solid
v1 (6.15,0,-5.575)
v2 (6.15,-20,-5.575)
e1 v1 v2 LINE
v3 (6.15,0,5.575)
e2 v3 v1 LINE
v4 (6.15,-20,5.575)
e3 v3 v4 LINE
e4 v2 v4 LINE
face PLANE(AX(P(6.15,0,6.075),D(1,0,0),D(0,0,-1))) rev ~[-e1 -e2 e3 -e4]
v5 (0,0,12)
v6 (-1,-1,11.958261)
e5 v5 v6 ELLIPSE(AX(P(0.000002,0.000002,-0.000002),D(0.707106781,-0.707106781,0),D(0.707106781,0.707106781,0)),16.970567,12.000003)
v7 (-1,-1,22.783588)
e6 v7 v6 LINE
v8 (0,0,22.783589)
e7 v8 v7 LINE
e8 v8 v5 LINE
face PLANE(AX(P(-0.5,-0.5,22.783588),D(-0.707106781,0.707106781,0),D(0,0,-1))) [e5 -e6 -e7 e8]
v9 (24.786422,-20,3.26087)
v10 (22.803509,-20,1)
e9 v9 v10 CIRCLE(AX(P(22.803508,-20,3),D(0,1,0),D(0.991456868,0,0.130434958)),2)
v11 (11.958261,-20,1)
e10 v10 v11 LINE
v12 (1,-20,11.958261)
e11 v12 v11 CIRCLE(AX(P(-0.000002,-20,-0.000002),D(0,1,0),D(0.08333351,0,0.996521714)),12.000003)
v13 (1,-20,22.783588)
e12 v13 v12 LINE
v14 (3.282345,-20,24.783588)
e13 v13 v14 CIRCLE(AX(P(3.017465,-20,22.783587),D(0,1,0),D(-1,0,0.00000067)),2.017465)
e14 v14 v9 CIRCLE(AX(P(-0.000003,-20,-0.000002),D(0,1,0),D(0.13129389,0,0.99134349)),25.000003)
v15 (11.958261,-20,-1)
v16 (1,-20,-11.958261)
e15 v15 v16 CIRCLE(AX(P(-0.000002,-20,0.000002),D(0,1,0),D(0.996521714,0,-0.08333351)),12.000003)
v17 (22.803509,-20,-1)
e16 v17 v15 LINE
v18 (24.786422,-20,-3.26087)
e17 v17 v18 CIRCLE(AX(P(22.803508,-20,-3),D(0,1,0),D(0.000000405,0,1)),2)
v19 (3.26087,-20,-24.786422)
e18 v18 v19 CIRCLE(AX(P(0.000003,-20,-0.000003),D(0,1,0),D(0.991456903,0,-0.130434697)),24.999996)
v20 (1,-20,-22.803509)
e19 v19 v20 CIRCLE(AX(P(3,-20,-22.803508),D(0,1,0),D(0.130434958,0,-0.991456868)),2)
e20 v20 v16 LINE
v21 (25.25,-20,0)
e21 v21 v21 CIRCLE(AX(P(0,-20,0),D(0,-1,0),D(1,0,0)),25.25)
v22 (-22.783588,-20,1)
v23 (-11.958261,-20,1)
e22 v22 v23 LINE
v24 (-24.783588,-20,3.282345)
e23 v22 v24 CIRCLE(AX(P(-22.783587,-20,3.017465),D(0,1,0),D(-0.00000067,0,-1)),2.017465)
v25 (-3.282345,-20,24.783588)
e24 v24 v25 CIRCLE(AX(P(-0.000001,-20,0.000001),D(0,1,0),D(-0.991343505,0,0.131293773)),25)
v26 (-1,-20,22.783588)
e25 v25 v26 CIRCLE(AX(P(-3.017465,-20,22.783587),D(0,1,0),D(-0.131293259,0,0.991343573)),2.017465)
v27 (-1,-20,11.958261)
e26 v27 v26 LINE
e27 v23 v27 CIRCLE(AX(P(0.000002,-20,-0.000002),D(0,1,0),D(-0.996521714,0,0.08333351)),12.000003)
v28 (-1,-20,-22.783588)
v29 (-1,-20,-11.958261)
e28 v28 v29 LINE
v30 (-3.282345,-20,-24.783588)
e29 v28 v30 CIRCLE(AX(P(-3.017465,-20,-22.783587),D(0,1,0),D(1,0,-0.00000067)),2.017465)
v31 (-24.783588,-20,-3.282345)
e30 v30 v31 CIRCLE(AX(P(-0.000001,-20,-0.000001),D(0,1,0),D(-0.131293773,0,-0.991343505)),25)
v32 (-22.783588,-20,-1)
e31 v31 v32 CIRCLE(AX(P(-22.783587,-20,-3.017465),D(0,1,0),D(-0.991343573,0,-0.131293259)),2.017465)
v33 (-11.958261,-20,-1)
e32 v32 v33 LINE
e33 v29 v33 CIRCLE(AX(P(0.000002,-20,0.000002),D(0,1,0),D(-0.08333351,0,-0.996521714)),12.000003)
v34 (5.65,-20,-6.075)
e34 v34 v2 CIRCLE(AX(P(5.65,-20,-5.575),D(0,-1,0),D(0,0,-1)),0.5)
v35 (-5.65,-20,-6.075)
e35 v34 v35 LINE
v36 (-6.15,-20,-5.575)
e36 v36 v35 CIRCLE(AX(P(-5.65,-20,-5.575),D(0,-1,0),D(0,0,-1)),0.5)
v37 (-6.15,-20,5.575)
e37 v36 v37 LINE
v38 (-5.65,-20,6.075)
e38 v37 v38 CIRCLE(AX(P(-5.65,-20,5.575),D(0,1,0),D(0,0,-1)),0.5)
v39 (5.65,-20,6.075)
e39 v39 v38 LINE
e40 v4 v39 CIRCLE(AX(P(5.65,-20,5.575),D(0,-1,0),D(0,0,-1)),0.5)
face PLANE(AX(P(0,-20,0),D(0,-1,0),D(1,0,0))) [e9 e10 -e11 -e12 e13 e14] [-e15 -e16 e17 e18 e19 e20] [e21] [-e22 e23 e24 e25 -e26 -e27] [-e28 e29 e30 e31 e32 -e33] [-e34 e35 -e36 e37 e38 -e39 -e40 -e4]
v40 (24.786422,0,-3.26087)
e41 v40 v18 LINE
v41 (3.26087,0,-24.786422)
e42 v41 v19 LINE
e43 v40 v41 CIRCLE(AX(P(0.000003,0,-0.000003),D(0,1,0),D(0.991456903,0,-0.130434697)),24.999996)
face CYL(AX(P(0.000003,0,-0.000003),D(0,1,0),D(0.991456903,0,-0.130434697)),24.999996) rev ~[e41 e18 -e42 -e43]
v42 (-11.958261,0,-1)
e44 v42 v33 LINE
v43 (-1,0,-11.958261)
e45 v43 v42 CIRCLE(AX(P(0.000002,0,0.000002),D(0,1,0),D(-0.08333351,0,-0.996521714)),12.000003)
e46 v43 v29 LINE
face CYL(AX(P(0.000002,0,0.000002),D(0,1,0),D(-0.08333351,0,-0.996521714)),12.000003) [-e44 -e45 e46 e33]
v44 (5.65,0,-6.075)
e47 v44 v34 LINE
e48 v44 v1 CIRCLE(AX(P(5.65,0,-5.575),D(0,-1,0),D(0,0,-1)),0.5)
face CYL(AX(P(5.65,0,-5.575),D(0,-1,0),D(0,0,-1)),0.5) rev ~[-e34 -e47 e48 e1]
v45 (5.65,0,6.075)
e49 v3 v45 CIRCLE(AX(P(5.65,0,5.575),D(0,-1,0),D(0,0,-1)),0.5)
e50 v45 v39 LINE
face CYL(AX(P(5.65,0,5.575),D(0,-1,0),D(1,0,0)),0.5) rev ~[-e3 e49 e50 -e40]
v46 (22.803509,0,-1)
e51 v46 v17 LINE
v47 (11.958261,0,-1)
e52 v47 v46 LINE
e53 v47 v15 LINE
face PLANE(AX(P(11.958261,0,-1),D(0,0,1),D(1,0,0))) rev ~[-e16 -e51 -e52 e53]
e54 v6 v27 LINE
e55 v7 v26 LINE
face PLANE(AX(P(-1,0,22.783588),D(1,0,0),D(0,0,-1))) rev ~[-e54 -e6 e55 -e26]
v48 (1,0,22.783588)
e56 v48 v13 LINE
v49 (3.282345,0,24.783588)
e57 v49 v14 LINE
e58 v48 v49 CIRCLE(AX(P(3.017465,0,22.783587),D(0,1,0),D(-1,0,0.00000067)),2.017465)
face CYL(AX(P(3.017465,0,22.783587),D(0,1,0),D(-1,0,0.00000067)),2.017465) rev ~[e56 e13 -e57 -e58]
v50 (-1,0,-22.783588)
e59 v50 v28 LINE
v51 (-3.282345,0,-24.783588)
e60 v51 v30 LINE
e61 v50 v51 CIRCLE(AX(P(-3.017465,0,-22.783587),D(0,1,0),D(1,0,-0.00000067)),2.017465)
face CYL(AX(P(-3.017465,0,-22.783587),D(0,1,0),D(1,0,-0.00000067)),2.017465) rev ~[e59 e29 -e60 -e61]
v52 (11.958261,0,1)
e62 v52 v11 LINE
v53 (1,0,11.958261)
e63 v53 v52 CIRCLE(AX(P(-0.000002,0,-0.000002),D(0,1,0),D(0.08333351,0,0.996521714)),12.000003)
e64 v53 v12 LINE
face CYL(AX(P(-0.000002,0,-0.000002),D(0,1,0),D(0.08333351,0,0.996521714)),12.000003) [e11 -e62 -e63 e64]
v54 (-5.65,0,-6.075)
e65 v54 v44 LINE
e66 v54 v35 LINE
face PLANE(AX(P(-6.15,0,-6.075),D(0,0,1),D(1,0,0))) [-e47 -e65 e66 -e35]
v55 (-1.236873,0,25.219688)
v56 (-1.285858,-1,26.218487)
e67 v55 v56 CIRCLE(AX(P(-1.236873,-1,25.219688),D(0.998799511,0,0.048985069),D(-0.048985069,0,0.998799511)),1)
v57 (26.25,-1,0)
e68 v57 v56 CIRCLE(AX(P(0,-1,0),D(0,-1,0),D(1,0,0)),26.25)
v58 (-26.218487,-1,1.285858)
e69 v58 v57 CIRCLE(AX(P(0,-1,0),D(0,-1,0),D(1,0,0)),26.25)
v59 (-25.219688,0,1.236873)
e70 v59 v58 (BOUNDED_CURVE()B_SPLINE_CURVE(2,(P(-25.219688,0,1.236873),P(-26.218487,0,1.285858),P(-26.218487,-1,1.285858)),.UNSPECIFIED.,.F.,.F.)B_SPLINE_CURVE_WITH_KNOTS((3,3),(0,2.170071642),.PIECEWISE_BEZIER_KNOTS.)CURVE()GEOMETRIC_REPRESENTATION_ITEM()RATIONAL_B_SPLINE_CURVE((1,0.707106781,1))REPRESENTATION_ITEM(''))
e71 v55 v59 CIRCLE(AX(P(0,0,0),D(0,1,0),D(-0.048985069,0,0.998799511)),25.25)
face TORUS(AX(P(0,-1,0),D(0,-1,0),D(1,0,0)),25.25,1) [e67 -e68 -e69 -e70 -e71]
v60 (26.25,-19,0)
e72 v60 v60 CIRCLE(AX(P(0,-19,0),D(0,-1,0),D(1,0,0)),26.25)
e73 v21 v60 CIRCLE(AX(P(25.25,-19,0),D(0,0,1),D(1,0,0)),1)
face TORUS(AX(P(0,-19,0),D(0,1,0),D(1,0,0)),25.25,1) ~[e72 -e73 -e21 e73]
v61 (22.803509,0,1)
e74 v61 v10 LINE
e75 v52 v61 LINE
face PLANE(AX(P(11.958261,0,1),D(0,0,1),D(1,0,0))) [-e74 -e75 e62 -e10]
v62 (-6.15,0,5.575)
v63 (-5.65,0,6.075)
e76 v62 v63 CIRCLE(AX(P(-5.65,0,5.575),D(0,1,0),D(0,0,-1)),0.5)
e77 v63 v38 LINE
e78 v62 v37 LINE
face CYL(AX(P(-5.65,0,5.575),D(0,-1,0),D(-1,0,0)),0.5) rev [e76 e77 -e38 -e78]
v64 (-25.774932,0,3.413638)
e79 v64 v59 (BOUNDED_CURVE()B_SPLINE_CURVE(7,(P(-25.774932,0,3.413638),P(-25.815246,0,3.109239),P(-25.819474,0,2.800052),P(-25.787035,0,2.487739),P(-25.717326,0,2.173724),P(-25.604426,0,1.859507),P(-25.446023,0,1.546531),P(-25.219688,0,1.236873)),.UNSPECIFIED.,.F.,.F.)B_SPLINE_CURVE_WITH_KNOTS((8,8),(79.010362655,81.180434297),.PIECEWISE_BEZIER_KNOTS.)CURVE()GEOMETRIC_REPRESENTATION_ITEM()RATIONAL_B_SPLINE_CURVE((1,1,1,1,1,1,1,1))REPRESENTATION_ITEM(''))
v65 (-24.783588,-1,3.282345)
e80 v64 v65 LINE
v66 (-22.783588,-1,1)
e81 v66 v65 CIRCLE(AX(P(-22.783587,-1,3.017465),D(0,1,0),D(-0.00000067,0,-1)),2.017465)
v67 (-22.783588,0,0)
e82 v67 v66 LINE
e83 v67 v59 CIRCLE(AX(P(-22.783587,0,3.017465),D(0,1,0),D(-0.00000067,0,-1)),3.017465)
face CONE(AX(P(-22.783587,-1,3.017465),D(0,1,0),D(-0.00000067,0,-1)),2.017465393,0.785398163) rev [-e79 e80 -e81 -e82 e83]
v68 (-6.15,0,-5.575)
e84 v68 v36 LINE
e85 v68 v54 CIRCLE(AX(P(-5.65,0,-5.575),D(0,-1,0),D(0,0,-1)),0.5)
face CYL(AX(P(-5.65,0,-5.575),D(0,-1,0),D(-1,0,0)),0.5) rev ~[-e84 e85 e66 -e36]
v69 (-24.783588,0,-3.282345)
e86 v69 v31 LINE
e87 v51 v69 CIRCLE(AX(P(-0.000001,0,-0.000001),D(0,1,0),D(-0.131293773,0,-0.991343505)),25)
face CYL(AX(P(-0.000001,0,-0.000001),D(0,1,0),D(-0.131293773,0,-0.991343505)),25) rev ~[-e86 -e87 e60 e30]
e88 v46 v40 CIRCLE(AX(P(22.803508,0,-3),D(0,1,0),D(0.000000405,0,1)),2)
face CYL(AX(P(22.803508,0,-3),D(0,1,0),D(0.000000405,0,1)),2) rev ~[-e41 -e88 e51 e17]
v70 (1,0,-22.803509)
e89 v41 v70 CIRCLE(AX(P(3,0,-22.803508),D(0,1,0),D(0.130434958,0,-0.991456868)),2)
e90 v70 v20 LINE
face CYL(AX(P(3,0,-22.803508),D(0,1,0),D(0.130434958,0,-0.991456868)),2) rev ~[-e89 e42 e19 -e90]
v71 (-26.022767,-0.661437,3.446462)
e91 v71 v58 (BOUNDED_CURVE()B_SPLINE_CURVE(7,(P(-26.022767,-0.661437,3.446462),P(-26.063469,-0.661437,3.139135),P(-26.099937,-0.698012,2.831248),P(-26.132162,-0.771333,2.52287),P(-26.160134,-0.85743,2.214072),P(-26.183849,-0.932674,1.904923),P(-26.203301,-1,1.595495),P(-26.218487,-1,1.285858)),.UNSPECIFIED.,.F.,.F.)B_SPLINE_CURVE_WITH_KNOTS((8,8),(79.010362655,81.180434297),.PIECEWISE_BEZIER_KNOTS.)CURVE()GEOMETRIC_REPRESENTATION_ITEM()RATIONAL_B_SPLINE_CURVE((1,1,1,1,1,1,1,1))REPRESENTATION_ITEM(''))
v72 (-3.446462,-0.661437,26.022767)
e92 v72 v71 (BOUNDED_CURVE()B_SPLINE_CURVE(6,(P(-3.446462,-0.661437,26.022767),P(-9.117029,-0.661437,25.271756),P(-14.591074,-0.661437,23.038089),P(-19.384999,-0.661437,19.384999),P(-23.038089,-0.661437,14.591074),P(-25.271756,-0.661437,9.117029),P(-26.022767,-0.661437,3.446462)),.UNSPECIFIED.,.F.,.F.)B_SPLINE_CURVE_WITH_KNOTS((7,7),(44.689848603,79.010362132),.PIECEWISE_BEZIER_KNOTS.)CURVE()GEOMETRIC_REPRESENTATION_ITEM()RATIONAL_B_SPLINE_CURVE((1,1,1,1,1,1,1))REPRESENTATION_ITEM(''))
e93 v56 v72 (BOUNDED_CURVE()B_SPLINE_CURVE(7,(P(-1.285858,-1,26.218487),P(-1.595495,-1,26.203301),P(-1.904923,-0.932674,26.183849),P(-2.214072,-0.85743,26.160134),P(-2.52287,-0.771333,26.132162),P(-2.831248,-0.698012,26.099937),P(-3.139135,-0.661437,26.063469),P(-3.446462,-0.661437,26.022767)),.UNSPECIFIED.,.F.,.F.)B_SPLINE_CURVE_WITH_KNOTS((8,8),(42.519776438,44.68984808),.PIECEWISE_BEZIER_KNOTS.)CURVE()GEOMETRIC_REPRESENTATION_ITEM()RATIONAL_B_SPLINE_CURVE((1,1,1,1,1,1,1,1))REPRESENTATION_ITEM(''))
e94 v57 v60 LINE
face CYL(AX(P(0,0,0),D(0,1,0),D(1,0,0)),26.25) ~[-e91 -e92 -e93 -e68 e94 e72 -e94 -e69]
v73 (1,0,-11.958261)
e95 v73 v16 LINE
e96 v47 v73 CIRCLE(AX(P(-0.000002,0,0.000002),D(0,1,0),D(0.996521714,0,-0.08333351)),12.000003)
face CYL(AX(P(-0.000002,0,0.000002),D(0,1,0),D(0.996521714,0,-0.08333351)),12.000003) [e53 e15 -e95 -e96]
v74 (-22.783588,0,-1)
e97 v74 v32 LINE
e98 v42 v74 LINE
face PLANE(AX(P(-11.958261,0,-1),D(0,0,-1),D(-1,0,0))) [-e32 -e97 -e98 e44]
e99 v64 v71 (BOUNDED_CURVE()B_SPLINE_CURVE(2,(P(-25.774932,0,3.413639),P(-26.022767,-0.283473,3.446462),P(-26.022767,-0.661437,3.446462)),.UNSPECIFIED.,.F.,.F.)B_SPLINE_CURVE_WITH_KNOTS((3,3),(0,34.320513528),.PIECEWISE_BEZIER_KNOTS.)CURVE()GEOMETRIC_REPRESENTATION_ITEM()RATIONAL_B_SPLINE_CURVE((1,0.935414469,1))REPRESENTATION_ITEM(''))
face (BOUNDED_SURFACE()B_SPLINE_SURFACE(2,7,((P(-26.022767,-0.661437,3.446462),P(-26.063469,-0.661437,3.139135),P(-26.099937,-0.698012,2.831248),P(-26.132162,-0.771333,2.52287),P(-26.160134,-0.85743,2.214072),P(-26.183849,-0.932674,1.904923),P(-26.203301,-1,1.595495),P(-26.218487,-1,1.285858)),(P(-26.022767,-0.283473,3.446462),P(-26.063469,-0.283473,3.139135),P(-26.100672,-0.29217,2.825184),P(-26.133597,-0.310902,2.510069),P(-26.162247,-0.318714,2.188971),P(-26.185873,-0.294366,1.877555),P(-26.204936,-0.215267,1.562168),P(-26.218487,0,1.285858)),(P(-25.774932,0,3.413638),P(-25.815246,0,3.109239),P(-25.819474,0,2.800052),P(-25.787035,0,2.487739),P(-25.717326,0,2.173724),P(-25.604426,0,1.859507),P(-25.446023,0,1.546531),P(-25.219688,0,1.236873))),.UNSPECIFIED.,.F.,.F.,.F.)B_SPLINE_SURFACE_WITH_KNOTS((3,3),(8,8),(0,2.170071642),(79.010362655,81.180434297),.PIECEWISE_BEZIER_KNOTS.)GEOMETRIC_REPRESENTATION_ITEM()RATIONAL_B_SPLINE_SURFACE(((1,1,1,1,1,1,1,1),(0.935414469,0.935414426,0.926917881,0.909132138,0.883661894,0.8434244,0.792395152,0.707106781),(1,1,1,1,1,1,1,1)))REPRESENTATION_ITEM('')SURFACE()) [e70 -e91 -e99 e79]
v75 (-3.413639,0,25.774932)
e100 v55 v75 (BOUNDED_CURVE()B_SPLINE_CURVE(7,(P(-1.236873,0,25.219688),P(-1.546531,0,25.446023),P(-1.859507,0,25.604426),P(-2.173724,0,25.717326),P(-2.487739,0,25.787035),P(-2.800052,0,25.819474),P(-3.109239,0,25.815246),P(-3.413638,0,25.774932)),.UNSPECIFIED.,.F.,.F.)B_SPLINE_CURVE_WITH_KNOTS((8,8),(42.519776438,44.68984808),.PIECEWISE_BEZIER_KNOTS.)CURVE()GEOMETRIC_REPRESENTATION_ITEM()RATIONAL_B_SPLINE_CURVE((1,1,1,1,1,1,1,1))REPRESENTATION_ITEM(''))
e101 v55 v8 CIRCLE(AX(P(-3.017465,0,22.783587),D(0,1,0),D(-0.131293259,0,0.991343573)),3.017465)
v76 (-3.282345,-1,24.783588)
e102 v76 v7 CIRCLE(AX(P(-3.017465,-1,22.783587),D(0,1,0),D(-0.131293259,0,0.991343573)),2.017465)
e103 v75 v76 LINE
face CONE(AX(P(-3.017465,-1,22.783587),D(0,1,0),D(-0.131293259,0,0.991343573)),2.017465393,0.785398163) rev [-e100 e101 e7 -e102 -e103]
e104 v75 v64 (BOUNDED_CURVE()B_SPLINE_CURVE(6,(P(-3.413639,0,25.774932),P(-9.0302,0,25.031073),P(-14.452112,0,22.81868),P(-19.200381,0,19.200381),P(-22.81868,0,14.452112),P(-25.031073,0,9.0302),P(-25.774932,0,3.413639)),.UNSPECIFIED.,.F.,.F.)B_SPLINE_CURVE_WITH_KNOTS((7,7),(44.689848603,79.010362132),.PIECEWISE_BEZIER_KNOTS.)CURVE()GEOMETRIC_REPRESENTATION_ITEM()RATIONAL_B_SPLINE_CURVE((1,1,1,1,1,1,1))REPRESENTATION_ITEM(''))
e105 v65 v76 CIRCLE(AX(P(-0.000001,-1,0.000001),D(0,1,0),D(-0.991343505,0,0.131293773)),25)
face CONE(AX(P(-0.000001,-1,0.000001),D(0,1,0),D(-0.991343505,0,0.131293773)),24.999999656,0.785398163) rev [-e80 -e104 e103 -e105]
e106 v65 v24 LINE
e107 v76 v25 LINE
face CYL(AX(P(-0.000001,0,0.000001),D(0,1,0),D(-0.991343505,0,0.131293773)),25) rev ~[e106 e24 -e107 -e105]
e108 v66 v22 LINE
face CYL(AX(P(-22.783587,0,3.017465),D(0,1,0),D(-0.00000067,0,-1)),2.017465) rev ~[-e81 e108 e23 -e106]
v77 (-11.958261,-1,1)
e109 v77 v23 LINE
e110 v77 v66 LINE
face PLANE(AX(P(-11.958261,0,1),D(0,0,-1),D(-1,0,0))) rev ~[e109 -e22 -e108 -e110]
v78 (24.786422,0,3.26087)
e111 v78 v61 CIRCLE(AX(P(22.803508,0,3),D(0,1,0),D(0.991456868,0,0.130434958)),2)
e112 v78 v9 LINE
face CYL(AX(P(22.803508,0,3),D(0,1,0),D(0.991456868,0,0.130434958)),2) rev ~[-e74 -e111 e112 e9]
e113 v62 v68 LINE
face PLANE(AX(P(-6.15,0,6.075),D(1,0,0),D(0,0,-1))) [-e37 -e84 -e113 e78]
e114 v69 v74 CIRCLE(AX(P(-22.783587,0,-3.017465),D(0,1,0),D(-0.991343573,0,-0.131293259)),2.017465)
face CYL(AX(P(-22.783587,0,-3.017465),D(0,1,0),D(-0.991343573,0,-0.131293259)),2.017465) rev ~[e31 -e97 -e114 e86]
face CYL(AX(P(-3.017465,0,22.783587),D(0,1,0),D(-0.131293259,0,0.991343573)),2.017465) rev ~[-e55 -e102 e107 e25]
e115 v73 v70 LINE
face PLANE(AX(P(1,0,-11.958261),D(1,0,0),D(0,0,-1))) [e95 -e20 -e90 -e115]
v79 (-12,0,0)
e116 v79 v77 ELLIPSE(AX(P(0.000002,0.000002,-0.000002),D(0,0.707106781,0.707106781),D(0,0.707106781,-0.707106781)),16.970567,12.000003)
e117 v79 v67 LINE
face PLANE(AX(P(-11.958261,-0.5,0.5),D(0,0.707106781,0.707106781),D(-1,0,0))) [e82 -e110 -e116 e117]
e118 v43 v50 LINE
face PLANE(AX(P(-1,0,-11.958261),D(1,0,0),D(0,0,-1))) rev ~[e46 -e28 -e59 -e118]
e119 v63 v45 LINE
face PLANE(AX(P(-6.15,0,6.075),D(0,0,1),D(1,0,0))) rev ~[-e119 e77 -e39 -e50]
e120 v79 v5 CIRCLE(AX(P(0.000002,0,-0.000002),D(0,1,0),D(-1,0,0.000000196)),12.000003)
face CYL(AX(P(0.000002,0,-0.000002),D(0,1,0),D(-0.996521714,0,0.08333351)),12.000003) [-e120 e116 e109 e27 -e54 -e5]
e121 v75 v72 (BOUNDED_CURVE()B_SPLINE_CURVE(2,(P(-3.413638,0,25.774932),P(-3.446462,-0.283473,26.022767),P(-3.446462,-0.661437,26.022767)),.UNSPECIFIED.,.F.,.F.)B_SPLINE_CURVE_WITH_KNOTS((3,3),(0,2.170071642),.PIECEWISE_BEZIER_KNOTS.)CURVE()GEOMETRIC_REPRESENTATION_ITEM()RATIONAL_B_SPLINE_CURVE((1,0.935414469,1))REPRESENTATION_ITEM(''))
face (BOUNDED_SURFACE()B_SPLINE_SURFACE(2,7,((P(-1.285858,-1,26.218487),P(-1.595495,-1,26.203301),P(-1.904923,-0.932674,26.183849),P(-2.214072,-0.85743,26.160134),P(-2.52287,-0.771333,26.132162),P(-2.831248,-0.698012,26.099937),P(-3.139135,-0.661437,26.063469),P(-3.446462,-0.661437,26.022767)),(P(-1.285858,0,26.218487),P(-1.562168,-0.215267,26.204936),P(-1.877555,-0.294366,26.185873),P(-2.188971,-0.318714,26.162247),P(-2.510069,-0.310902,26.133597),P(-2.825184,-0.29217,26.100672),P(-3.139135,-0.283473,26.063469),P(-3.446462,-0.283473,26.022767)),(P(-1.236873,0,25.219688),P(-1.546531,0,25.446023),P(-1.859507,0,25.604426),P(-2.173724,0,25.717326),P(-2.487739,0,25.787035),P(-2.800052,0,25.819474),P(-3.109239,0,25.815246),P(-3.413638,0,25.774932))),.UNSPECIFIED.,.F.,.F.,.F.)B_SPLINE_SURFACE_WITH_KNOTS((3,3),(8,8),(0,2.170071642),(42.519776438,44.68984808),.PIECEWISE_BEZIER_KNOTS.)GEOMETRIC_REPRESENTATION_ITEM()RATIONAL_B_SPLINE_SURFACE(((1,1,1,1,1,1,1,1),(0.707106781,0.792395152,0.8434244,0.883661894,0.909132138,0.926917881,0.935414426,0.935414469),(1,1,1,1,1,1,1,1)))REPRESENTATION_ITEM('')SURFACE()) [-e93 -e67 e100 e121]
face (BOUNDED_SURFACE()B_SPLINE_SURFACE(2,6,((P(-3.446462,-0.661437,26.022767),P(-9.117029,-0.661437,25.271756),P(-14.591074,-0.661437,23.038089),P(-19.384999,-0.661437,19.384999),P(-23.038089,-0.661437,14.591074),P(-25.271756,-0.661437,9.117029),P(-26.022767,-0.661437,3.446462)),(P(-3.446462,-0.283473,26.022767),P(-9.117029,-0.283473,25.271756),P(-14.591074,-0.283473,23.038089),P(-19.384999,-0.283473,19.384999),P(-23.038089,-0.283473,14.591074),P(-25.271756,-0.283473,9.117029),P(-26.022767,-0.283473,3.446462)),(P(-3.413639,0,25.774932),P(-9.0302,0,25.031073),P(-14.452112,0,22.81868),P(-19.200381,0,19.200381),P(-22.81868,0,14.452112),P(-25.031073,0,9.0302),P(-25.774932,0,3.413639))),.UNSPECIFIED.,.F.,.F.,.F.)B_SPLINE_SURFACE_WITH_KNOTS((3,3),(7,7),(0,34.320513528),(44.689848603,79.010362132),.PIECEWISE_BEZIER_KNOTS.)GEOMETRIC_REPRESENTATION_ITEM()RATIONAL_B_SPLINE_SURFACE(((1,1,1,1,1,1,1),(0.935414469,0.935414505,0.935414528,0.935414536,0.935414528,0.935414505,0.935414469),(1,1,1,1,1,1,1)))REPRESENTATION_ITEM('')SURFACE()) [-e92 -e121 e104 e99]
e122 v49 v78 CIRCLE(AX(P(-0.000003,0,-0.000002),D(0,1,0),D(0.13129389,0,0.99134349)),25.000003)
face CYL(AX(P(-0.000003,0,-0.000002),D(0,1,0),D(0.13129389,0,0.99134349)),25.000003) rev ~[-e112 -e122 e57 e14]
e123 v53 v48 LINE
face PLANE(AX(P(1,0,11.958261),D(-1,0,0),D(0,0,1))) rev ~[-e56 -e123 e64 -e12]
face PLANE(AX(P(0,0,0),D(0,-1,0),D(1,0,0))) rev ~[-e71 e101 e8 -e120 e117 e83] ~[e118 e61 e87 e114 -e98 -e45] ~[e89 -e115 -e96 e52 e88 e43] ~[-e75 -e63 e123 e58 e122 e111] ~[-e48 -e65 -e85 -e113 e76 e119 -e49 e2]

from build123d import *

# Parameters (mm, degrees)
SKETCH_R        = 26.25
PAD_DEPTH       = 20
SKETCH001_W     = 12.3
SKETCH001_H     = 12.15
POCKET_DEPTH    = 20.001
FILLET_R        = 0.5
POCKET001_DEPTH = 20.001
CHAMFER_SIZE    = 1
FILLET001_R     = 1


with BuildPart() as part:
    # Sketch → Pad (new body)
    with BuildSketch(Plane.XZ):
        Circle(SKETCH_R)
    extrude(amount=PAD_DEPTH)

    # Sketch001 (on Face2 of Pad) → Pocket (cut, through all)
    with BuildSketch(Plane(origin=(0, 0, 0), x_dir=(1, 0, 0), z_dir=(0, 1, 0))):
        Rectangle(SKETCH001_W, SKETCH001_H)
    extrude(amount=-POCKET_DEPTH, mode=Mode.SUBTRACT)

    # Fillet
    fillet_edges = [part.edges().sort_by_distance(p)[0] for p in [
        (6.15, -10, 6.075),
        (-6.15, -10, 6.075),
        (6.15, -10, -6.075),
        (-6.15, -10, -6.075),
    ]]
    fillet(fillet_edges, radius=FILLET_R)

    # Sketch002 (on Face1 of Fillet) → Pocket001 (cut, through all)
    with BuildSketch(Plane(origin=(0, 0, 0), x_dir=(1, 0, 0), z_dir=(0, 1, 0))):
        with BuildLine():
            Line((1, 11.958261), (1, 22.803509))
            ThreePointArc((3.26087, 24.786422), (1.681239, 24.307127), (1, 22.803509))
            ThreePointArc((24.786422, 3.26087), (17.67767, 17.67767), (3.26087, 24.786422))
            ThreePointArc((22.803509, 1), (24.307127, 1.681239), (24.786422, 3.26087))
            Line((11.958261, 1), (22.803509, 1))
            ThreePointArc((11.958261, 1), (8.485281, 8.485281), (1, 11.958261))
        make_face()
        with BuildLine():
            ThreePointArc((-1, 11.958261), (-8.485281, 8.485281), (-11.958261, 1))
            Line((-11.958261, 1), (-22.783588, 1))
            ThreePointArc((-24.783588, 3.282345), (-24.300912, 1.687845), (-22.783588, 1))
            ThreePointArc((-3.282345, 24.783588), (-17.67767, 17.67767), (-24.783588, 3.282345))
            ThreePointArc((-1, 22.783588), (-1.687845, 24.300912), (-3.282345, 24.783588))
            Line((-1, 11.958261), (-1, 22.783588))
        make_face()
        with BuildLine():
            ThreePointArc((-11.958261, -1), (-8.485281, -8.485281), (-1, -11.958261))
            Line((-1, -22.783588), (-1, -11.958261))
            ThreePointArc((-3.282345, -24.783588), (-1.687845, -24.300912), (-1, -22.783588))
            ThreePointArc((-24.783588, -3.282345), (-17.67767, -17.67767), (-3.282345, -24.783588))
            ThreePointArc((-22.783588, -1), (-24.300912, -1.687845), (-24.783588, -3.282345))
            Line((-11.958261, -1), (-22.783588, -1))
        make_face()
        with BuildLine():
            ThreePointArc((1, -11.958261), (8.485281, -8.485281), (11.958261, -1))
            Line((11.958261, -1), (22.803509, -1))
            ThreePointArc((24.786422, -3.26087), (24.307127, -1.681239), (22.803509, -1))
            ThreePointArc((3.282345, -24.783588), (17.685326, -17.670009), (24.786422, -3.26087))
            ThreePointArc((1, -22.783588), (1.687845, -24.300912), (3.282345, -24.783588))
            Line((1, -11.958261), (1, -22.783588))
        make_face()
    extrude(amount=-POCKET001_DEPTH, mode=Mode.SUBTRACT)

    # Chamfer
    chamfer_edges = [part.edges().sort_by_distance(p)[0] for p in [
        (-22.783588, -10, 1),
        (-24.300912, 0, 1.687845),
    ]]
    chamfer(chamfer_edges, length=CHAMFER_SIZE)

    # Fillet001
    fillet001_edges = [part.edges().sort_by_distance(p)[0] for p in [
        (-26.25, 0, 0),
        (-26.25, -20, 0),
    ]]
    fillet(fillet001_edges, radius=FILLET001_R)


solid = part.part
